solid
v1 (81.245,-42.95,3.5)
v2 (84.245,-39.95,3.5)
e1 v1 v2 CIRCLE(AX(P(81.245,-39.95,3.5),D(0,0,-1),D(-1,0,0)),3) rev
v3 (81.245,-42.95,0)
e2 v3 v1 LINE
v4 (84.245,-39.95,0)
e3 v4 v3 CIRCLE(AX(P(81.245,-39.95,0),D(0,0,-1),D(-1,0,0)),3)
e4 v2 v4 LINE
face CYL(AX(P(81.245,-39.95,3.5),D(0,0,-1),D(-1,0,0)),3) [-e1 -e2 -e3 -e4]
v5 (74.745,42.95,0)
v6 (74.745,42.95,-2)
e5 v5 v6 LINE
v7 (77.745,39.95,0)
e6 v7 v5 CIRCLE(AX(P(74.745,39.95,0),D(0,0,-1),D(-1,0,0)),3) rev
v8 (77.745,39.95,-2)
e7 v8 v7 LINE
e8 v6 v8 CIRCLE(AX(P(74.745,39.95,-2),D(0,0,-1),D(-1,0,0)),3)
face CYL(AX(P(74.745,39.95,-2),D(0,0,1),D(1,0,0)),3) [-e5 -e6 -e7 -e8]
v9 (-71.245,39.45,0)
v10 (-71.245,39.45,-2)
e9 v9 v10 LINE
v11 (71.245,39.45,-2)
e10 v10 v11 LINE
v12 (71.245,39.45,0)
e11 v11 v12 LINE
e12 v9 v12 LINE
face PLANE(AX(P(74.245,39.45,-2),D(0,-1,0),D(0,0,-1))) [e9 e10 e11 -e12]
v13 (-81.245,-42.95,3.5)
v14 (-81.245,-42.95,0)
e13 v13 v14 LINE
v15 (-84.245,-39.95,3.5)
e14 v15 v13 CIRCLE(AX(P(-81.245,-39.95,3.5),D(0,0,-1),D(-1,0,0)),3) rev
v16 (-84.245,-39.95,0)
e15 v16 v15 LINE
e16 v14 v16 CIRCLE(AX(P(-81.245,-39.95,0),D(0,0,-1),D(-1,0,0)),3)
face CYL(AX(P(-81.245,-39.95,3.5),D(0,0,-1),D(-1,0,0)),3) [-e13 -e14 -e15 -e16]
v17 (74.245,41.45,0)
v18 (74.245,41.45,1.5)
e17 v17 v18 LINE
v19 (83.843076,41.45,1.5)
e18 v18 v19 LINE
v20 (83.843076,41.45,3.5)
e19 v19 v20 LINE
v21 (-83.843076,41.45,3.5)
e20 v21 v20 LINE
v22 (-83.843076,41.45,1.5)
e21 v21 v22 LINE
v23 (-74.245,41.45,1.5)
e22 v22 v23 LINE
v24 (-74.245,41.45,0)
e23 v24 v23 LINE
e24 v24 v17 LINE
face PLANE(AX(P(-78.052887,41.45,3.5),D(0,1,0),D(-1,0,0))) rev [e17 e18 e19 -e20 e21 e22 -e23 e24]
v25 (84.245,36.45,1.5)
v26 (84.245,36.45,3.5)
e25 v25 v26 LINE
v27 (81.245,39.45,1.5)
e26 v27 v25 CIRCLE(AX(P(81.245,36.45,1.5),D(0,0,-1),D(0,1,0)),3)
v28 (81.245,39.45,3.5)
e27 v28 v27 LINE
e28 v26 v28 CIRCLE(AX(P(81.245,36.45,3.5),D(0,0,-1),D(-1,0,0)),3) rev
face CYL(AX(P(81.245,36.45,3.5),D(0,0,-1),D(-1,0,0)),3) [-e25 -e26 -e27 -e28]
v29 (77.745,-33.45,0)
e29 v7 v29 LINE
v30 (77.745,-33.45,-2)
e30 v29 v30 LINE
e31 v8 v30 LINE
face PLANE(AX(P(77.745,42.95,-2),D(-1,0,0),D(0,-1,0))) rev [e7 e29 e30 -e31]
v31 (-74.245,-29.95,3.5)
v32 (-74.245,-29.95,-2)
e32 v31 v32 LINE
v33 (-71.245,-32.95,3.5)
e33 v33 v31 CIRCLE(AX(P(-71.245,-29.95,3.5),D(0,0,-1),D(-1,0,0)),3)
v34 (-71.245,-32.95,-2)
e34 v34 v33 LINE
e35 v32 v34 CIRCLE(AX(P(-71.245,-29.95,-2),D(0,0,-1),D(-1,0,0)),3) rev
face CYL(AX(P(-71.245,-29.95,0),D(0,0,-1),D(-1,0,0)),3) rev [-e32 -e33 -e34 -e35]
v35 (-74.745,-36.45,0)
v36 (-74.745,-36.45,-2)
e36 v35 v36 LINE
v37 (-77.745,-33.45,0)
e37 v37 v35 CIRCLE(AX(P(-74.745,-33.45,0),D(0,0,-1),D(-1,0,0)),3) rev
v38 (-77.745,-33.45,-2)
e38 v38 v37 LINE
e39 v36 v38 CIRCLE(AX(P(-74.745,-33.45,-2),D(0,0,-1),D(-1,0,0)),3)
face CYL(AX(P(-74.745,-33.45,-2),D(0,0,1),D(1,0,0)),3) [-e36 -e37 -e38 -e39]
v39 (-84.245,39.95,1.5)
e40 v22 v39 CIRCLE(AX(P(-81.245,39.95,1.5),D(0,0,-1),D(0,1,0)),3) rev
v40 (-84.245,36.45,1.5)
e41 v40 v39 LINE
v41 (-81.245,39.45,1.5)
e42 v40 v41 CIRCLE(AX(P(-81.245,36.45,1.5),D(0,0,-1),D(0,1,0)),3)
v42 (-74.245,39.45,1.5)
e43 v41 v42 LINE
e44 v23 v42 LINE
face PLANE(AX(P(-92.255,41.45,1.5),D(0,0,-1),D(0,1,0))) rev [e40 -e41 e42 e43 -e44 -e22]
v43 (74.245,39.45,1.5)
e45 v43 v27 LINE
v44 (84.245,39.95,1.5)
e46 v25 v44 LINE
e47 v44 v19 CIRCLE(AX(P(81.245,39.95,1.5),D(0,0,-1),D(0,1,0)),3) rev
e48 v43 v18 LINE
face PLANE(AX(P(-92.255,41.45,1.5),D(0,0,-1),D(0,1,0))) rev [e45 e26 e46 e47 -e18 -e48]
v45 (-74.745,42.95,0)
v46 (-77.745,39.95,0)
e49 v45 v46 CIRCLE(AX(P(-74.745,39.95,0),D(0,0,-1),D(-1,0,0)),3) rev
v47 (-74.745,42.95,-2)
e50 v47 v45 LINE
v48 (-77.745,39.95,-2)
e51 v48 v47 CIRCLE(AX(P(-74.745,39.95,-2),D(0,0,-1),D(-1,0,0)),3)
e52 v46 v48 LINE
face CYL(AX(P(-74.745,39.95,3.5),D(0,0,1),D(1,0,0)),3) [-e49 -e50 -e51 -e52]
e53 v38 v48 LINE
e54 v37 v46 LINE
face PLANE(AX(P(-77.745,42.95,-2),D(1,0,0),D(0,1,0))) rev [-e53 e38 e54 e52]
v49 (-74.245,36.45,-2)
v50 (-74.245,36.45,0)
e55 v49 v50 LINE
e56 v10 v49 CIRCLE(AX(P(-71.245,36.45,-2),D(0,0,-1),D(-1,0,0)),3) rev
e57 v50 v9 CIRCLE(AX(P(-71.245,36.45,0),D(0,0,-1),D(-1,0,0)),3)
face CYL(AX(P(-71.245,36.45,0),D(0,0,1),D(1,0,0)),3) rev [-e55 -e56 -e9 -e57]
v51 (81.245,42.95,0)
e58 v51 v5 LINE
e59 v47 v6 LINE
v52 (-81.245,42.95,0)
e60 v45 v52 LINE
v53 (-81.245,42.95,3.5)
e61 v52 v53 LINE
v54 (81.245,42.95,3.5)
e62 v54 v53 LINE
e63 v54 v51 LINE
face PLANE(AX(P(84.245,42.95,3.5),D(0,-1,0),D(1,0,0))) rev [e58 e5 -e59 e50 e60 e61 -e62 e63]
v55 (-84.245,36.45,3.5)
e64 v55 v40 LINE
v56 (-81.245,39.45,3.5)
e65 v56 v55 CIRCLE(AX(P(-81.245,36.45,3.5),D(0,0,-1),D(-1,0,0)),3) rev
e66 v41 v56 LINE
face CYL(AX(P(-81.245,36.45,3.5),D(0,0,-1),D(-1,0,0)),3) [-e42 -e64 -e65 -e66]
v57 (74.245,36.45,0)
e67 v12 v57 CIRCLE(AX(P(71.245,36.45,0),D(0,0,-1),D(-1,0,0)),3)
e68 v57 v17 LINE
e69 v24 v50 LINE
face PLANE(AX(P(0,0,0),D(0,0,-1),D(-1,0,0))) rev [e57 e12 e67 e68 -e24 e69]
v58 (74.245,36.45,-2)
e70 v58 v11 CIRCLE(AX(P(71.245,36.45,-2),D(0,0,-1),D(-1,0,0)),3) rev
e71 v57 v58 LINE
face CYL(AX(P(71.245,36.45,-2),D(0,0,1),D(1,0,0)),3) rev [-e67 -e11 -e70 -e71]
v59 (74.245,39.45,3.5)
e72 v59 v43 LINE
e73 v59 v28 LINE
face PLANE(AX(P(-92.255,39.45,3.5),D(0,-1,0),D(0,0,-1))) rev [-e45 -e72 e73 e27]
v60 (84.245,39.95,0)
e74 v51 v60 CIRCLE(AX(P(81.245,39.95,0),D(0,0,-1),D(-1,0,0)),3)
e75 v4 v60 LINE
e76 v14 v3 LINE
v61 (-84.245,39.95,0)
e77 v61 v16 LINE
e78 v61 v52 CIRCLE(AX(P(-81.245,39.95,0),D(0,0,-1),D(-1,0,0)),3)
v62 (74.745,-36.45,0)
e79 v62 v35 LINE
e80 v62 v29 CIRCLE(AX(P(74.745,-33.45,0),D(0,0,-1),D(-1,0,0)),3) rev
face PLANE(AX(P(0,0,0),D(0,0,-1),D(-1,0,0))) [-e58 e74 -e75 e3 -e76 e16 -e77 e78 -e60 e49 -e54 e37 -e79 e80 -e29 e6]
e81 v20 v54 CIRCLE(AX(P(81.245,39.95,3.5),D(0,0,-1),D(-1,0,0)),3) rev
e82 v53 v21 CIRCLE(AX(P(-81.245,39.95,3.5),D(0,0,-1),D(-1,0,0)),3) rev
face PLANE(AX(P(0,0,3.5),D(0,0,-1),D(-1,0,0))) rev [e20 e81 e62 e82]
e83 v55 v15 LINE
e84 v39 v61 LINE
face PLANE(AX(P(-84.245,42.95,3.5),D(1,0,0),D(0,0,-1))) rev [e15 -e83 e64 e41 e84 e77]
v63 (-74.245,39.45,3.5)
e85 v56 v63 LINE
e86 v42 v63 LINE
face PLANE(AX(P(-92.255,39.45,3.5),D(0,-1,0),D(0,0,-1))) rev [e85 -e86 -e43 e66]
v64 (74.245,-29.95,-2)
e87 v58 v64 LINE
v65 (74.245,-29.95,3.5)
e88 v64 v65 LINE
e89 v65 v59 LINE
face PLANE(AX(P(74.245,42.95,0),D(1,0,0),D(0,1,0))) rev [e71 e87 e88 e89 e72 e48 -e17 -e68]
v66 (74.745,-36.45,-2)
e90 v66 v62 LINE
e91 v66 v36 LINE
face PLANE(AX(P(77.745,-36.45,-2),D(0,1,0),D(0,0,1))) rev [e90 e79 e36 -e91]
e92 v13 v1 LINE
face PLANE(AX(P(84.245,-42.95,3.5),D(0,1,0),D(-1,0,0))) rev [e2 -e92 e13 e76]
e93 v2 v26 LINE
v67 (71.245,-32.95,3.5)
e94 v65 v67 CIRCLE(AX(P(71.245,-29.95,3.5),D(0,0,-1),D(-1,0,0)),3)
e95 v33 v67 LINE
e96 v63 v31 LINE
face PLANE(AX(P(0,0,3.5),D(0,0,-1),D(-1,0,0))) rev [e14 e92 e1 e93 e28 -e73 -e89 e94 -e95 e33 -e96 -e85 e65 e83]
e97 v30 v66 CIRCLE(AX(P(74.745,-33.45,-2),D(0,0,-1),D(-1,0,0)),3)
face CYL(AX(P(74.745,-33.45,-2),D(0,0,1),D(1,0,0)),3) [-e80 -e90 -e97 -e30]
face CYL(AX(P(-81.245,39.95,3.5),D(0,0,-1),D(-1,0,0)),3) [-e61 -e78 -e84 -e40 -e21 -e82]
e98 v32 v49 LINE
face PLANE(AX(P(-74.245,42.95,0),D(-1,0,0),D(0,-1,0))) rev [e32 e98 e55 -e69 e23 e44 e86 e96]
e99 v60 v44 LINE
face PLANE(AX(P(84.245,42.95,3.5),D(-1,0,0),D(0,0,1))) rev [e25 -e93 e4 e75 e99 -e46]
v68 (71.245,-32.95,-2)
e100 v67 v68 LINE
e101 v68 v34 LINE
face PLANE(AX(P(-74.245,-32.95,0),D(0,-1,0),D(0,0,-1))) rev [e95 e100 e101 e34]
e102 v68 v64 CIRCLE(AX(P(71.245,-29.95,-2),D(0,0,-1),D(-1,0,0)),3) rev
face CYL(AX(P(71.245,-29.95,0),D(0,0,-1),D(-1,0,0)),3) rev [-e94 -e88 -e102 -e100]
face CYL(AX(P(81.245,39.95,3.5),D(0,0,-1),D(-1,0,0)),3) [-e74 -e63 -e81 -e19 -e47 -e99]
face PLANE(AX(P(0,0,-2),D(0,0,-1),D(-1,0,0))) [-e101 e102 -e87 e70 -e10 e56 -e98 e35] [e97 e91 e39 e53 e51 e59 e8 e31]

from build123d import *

# Parameters (mm, degrees)
SKETCH1_W           = 168.49
SKETCH1_H           = 85.9
BOSS_EXTRUDE1_DEPTH = 3.5
SKETCH2_W           = 148.49
SKETCH2_H           = 75.9
CUT_EXTRUDE1_DEPTH  = 3.5
SKETCH4_W           = 3.5
SKETCH4_H           = 1.5
BOSS_EXTRUDE2_DEPTH = 148.49
SKETCH5_W           = 2
SKETCH5_H           = 2
CUT_EXTRUDE2_DEPTH  = 176.5
FILLET3_R           = 3
FILLET4_R           = 3
SKETCH6_W           = 155.49
SKETCH6_H           = 79.4
SKETCH6_W_2         = 148.49
SKETCH6_H_2         = 72.4
BOSS_EXTRUDE3_DEPTH = 2
FILLET5_R           = 3
FILLET6_R           = 3
FILLET7_R           = 3
FILLET8_R           = 3


with BuildPart() as part:
    # Sketch1 → Boss-Extrude1 (new body)
    with BuildSketch(Plane.XY):
        Rectangle(SKETCH1_W, SKETCH1_H)
    extrude(amount=BOSS_EXTRUDE1_DEPTH)

    # Sketch2 → Cut-Extrude1 (cut)
    with BuildSketch(Plane.XY.offset(3.5)):
        with Locations((0, 5)):
            Rectangle(SKETCH2_W, SKETCH2_H)
    extrude(amount=-CUT_EXTRUDE1_DEPTH, mode=Mode.SUBTRACT)

    # Sketch4 → Boss-Extrude2 (add)
    with BuildSketch(Plane.ZY.offset(-74.245)):
        with Locations((1.75, 42.2)):
            Rectangle(SKETCH4_W, SKETCH4_H)
    extrude(amount=BOSS_EXTRUDE2_DEPTH)

    # Sketch5 → Cut-Extrude2 (cut)
    with BuildSketch(Plane(origin=(84.245, 0, 0), x_dir=(0, 0, -1), z_dir=(1, 0, 0))):
        with Locations((-2.5, 40.45)):
            Rectangle(SKETCH5_W, SKETCH5_H)
    extrude(amount=-CUT_EXTRUDE2_DEPTH, mode=Mode.SUBTRACT)

    # Fillet3
    fillet3_edges = [part.edges().sort_by_distance(p)[0] for p in [
        (-84.245, -42.95, 1.75),
    ]]
    fillet(fillet3_edges, radius=FILLET3_R)

    # Fillet4
    fillet4_edges = [part.edges().sort_by_distance(p)[0] for p in [
        (-84.245, 39.45, 2.5),
        (84.245, -42.95, 1.75),
    ]]
    fillet(fillet4_edges, radius=FILLET4_R)

    # Sketch6 → Boss-Extrude3 (add)
    with BuildSketch(Plane(origin=(0, 0, 0), x_dir=(-1, 0, 0), z_dir=(0, 0, -1))):
        with Locations((0, 3.25)):
            Rectangle(SKETCH6_W, SKETCH6_H)
        with Locations((0, 3.25)):
            Rectangle(SKETCH6_W_2, SKETCH6_H_2, mode=Mode.SUBTRACT)
    extrude(amount=BOSS_EXTRUDE3_DEPTH)

    # Fillet5
    fillet5_edges = [part.edges().sort_by_distance(p)[0] for p in [
        (84.245, 39.45, 2.5),
    ]]
    fillet(fillet5_edges, radius=FILLET5_R)

    # Fillet6
    fillet6_edges = [part.edges().sort_by_distance(p)[0] for p in [
        (-84.245, 42.95, 1.75),
        (84.245, 42.95, 1.75),
    ]]
    fillet(fillet6_edges, radius=FILLET6_R)

    # Fillet7
    fillet7_edges = [part.edges().sort_by_distance(p)[0] for p in [
        (77.745, 42.95, -1),
        (77.745, -36.45, -1),
        (-77.745, -36.45, -1),
        (-77.745, 42.95, -1),
    ]]
    fillet(fillet7_edges, radius=FILLET7_R)

    # Fillet8
    fillet8_edges = [part.edges().sort_by_distance(p)[0] for p in [
        (74.245, 39.45, -1),
        (-74.245, 39.45, -1),
        (-74.245, -32.95, 0.75),
        (74.245, -32.95, 0.75),
    ]]
    fillet(fillet8_edges, radius=FILLET8_R)


solid = part.part
